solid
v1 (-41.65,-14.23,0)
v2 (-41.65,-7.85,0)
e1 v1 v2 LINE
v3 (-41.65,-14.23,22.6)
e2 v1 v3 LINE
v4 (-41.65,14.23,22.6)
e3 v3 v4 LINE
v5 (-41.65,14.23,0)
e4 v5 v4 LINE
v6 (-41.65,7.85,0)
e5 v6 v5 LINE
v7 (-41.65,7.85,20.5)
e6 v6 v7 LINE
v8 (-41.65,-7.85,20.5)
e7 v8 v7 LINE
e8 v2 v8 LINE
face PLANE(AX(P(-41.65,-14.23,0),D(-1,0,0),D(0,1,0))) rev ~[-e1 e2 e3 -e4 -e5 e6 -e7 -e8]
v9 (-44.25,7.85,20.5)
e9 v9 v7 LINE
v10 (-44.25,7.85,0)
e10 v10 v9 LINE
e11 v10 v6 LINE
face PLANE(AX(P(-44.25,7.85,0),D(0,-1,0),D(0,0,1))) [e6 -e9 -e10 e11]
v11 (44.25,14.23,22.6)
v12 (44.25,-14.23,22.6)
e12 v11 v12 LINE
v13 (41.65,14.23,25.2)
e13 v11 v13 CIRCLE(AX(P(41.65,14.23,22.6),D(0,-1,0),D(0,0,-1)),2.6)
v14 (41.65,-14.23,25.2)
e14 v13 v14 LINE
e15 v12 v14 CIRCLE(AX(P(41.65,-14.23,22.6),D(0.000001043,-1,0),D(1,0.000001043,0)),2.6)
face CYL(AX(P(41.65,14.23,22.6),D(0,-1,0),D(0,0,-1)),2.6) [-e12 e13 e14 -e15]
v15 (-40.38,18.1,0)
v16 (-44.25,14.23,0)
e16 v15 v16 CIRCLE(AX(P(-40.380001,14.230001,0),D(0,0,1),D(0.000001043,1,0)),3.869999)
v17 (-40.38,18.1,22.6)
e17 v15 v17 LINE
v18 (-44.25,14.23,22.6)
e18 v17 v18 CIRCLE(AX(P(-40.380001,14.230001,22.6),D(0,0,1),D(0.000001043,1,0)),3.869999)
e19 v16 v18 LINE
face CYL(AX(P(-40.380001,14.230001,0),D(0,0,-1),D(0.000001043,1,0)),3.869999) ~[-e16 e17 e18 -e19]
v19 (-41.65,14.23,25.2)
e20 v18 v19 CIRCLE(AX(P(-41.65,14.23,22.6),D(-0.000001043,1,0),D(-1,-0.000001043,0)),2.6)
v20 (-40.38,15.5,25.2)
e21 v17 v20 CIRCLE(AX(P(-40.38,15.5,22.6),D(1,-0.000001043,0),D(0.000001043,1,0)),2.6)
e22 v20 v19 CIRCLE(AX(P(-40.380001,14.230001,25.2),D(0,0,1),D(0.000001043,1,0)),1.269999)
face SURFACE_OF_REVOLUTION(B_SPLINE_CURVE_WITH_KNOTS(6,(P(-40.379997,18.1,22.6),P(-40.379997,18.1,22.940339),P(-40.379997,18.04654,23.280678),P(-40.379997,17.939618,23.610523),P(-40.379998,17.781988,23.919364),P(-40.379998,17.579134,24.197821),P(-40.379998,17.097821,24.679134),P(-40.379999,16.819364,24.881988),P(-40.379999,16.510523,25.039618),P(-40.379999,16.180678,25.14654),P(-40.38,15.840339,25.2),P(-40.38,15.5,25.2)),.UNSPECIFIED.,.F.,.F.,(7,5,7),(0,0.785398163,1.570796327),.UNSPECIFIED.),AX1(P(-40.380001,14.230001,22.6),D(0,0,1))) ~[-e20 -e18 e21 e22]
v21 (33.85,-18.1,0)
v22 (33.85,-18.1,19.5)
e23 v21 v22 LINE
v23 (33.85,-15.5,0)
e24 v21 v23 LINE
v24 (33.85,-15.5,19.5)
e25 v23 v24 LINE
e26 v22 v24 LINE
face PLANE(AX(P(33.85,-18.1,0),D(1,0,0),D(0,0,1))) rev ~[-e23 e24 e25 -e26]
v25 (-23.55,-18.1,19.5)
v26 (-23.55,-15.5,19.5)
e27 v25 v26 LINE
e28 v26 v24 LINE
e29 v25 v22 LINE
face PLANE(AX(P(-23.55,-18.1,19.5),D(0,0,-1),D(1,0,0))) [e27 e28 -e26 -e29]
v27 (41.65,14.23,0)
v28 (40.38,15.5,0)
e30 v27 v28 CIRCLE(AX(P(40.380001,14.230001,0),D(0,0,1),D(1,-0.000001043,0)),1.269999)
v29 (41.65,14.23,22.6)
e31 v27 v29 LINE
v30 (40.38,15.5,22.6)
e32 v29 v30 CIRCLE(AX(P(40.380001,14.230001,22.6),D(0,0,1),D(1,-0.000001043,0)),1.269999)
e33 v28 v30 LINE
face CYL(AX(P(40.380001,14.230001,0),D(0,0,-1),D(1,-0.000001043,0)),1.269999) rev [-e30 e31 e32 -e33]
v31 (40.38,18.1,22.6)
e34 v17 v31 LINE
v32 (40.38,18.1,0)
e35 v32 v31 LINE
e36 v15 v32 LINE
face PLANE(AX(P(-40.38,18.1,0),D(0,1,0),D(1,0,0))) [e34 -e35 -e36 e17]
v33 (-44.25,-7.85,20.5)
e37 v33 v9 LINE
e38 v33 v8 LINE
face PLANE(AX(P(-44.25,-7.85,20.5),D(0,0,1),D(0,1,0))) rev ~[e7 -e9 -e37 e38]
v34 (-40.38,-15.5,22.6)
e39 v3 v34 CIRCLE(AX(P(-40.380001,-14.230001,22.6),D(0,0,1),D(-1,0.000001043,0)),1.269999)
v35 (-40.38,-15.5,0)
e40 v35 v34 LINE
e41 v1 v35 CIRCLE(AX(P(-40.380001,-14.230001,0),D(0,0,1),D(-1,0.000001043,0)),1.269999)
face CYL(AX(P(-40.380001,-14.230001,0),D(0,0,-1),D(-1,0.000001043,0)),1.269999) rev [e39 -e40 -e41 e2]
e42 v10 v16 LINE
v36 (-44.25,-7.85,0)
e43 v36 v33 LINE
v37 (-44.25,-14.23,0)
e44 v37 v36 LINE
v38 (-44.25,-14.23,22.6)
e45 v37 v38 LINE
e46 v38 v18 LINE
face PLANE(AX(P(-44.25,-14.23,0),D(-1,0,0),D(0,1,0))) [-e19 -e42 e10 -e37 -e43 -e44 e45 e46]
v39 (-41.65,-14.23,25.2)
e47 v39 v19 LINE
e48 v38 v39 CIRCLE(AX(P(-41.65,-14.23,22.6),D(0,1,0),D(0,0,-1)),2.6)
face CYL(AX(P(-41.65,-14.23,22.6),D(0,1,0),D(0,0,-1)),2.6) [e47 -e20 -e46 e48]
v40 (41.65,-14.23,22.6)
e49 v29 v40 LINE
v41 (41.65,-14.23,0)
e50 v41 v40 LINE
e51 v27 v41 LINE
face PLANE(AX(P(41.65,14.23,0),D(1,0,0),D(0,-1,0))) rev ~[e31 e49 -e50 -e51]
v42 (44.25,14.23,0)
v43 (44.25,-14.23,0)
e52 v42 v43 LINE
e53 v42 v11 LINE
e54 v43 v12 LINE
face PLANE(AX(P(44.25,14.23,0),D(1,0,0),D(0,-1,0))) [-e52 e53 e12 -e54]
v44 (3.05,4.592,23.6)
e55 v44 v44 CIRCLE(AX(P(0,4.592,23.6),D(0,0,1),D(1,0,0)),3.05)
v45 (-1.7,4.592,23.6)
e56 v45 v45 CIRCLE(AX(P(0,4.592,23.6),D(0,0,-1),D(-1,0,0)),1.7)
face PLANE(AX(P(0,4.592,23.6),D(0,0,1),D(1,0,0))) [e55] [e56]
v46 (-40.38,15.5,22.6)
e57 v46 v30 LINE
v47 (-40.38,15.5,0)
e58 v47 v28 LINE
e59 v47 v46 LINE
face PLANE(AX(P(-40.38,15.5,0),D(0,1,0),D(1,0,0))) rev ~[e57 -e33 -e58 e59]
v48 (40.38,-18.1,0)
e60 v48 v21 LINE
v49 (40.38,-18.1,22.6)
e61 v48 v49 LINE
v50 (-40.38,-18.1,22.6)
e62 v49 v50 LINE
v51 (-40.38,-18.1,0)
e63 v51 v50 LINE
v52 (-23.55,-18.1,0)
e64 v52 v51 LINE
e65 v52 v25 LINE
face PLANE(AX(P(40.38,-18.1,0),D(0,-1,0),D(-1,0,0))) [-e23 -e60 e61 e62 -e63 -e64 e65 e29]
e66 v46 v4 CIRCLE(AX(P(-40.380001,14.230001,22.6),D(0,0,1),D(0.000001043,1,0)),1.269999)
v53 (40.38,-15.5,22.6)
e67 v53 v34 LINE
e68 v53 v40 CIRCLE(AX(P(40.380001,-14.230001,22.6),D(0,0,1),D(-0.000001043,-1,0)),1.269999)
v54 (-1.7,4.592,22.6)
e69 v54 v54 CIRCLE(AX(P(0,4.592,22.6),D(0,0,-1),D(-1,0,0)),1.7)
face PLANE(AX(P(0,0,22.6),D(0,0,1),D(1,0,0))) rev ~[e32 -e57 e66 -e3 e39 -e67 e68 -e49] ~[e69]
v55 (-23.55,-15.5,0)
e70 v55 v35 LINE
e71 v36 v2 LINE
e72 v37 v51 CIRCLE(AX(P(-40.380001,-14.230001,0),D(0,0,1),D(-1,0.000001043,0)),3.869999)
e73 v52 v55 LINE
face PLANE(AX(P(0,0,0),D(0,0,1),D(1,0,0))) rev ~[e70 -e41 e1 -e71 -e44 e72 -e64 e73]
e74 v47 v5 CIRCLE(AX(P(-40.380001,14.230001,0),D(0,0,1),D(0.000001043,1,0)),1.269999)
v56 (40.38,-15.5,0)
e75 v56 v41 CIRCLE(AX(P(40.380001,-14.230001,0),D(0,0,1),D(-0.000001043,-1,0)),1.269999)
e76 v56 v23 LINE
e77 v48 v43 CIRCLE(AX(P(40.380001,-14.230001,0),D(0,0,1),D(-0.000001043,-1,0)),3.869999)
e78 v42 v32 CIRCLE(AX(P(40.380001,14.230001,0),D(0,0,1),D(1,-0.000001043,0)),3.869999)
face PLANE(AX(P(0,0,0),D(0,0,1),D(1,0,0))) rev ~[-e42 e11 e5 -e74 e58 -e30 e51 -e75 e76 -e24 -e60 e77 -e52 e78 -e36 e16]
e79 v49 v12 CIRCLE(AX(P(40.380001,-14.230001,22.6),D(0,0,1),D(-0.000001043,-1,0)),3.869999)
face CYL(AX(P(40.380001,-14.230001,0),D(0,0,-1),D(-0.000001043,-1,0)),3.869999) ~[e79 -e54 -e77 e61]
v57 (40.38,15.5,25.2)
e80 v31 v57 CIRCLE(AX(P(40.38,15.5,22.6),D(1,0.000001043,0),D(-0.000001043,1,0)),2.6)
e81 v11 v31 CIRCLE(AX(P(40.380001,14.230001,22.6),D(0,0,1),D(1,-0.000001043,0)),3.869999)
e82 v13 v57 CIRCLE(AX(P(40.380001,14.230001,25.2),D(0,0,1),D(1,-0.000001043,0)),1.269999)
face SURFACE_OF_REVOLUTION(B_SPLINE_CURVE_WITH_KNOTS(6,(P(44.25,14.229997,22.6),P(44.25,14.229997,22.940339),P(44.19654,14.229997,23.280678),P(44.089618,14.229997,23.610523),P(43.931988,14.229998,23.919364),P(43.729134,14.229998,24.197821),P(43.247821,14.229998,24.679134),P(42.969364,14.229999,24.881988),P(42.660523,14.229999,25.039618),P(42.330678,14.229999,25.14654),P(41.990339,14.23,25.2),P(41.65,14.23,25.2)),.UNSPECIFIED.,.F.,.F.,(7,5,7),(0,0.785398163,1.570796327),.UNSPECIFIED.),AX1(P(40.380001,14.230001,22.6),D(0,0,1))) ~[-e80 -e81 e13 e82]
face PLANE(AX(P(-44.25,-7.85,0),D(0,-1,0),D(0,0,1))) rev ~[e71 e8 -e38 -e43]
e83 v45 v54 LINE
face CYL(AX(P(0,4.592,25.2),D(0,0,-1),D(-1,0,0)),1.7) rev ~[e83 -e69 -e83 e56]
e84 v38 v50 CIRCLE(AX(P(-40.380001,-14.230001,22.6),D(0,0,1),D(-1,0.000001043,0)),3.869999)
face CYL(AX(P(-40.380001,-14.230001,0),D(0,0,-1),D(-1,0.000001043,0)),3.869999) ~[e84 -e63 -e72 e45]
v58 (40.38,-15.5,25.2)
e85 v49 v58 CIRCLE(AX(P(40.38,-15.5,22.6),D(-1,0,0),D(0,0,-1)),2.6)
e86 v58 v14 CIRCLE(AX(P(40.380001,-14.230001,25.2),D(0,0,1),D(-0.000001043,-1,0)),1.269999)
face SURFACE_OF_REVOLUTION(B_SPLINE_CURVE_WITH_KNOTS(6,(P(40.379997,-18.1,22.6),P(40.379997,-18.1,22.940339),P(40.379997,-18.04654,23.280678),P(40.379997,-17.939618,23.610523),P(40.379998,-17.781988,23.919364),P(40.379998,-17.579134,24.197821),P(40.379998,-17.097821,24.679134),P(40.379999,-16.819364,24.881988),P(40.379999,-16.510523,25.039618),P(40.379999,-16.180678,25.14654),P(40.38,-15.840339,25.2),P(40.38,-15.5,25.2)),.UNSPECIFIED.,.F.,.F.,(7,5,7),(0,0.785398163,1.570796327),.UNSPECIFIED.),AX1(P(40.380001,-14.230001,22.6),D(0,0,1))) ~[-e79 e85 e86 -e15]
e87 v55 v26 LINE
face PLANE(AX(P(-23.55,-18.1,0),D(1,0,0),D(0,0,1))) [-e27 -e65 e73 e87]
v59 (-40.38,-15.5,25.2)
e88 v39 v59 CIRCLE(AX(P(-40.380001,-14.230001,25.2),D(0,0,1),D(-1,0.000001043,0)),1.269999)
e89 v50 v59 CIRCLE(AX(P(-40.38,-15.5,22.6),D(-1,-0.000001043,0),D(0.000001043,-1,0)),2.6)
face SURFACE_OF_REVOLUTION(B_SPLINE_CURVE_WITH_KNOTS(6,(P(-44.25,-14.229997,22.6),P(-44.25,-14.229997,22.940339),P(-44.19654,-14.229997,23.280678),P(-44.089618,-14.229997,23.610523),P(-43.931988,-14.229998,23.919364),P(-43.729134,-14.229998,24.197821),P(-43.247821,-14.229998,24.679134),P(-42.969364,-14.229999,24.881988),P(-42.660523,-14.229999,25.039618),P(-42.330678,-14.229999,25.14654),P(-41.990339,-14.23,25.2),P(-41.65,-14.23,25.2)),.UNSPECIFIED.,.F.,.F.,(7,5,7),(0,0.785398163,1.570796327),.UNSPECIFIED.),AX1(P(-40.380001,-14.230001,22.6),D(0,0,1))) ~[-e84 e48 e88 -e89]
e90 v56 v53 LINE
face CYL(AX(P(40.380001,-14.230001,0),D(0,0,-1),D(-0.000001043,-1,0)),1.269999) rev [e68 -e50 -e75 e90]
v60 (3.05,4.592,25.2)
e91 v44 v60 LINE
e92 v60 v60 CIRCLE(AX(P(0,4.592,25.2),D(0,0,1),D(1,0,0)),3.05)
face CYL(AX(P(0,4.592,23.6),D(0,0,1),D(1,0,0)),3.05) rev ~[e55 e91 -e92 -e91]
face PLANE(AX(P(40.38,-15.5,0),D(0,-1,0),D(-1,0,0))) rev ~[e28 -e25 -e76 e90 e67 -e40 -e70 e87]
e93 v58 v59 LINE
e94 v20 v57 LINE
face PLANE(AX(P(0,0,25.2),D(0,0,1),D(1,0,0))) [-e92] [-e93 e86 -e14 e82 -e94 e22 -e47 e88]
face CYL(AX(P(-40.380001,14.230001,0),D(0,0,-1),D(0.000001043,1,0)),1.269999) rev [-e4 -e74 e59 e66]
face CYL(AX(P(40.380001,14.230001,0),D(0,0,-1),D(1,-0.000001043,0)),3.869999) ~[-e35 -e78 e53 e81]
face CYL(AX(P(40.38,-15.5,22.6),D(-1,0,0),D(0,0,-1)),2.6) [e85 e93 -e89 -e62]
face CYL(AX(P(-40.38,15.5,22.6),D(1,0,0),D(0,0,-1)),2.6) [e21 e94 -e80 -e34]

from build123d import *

# Parameters (mm, degrees)
PAD_DEPTH        = 22.6
THICKNESS_T      = 2.6
SKETCH001_W      = 57.4
SKETCH001_H      = 19.5
POCKET_DEPTH     = 5
SKETCH002_W      = 15.7
SKETCH002_H      = 20.5
POCKET001_DEPTH  = 5
HOLE_D           = 3.4
HOLE_DEPTH       = 25
HOLE_CBORE_D     = 6.1
HOLE_CBORE_DEPTH = 1.6
HOLE_TIPS_R      = 1.7


with BuildPart() as part:
    # Sketch → Pad (new body)
    with BuildSketch(Plane.XY):
        with BuildLine():
            ThreePointArc((-40.38, 15.5), (-41.278026, 15.128026), (-41.65, 14.23))
            Line((-41.65, -14.23), (-41.65, 14.23))
            ThreePointArc((-41.65, -14.23), (-41.278026, -15.128026), (-40.38, -15.5))
            Line((40.38, -15.5), (-40.38, -15.5))
            ThreePointArc((40.38, -15.5), (41.278026, -15.128026), (41.65, -14.23))
            Line((41.65, 14.23), (41.65, -14.23))
            ThreePointArc((41.65, 14.23), (41.278026, 15.128026), (40.38, 15.5))
            Line((-40.38, 15.5), (40.38, 15.5))
        make_face()
    extrude(amount=PAD_DEPTH)

    # Thickness
    thickness_openings = [part.faces().sort_by_distance(p)[0] for p in [
        (0, 0, 0),
    ]]
    offset(amount=THICKNESS_T, openings=thickness_openings)

    # Sketch001 → Pocket (cut)
    with BuildSketch(Plane.XZ.offset(18.1)):
        with Locations((5.15, 9.75)):
            Rectangle(SKETCH001_W, SKETCH001_H)
    extrude(amount=-POCKET_DEPTH, mode=Mode.SUBTRACT)

    # Sketch002 → Pocket001 (cut)
    with BuildSketch(Plane.YZ.offset(-44.25)):
        with Locations((0, 10.25)):
            Rectangle(SKETCH002_W, SKETCH002_H)
    extrude(amount=POCKET001_DEPTH, mode=Mode.SUBTRACT)

    # Hole
    with Locations(Plane.XY.offset(25.2)):
        with Locations((0, 4.592)):
            CounterBoreHole(HOLE_D / 2, HOLE_CBORE_D / 2, HOLE_CBORE_DEPTH, depth=HOLE_DEPTH)

    # Hole tips → Hole tip 1 section 0
    with BuildSketch(Plane.XY.offset(0.2), mode=Mode.PRIVATE) as hole_tip_1_s0:
        with Locations((0, 4.592)):
            Circle(HOLE_TIPS_R)
    loft([hole_tip_1_s0.sketch, Vertex(0, 4.592, -0.821463)], mode=Mode.SUBTRACT)


solid = part.part
